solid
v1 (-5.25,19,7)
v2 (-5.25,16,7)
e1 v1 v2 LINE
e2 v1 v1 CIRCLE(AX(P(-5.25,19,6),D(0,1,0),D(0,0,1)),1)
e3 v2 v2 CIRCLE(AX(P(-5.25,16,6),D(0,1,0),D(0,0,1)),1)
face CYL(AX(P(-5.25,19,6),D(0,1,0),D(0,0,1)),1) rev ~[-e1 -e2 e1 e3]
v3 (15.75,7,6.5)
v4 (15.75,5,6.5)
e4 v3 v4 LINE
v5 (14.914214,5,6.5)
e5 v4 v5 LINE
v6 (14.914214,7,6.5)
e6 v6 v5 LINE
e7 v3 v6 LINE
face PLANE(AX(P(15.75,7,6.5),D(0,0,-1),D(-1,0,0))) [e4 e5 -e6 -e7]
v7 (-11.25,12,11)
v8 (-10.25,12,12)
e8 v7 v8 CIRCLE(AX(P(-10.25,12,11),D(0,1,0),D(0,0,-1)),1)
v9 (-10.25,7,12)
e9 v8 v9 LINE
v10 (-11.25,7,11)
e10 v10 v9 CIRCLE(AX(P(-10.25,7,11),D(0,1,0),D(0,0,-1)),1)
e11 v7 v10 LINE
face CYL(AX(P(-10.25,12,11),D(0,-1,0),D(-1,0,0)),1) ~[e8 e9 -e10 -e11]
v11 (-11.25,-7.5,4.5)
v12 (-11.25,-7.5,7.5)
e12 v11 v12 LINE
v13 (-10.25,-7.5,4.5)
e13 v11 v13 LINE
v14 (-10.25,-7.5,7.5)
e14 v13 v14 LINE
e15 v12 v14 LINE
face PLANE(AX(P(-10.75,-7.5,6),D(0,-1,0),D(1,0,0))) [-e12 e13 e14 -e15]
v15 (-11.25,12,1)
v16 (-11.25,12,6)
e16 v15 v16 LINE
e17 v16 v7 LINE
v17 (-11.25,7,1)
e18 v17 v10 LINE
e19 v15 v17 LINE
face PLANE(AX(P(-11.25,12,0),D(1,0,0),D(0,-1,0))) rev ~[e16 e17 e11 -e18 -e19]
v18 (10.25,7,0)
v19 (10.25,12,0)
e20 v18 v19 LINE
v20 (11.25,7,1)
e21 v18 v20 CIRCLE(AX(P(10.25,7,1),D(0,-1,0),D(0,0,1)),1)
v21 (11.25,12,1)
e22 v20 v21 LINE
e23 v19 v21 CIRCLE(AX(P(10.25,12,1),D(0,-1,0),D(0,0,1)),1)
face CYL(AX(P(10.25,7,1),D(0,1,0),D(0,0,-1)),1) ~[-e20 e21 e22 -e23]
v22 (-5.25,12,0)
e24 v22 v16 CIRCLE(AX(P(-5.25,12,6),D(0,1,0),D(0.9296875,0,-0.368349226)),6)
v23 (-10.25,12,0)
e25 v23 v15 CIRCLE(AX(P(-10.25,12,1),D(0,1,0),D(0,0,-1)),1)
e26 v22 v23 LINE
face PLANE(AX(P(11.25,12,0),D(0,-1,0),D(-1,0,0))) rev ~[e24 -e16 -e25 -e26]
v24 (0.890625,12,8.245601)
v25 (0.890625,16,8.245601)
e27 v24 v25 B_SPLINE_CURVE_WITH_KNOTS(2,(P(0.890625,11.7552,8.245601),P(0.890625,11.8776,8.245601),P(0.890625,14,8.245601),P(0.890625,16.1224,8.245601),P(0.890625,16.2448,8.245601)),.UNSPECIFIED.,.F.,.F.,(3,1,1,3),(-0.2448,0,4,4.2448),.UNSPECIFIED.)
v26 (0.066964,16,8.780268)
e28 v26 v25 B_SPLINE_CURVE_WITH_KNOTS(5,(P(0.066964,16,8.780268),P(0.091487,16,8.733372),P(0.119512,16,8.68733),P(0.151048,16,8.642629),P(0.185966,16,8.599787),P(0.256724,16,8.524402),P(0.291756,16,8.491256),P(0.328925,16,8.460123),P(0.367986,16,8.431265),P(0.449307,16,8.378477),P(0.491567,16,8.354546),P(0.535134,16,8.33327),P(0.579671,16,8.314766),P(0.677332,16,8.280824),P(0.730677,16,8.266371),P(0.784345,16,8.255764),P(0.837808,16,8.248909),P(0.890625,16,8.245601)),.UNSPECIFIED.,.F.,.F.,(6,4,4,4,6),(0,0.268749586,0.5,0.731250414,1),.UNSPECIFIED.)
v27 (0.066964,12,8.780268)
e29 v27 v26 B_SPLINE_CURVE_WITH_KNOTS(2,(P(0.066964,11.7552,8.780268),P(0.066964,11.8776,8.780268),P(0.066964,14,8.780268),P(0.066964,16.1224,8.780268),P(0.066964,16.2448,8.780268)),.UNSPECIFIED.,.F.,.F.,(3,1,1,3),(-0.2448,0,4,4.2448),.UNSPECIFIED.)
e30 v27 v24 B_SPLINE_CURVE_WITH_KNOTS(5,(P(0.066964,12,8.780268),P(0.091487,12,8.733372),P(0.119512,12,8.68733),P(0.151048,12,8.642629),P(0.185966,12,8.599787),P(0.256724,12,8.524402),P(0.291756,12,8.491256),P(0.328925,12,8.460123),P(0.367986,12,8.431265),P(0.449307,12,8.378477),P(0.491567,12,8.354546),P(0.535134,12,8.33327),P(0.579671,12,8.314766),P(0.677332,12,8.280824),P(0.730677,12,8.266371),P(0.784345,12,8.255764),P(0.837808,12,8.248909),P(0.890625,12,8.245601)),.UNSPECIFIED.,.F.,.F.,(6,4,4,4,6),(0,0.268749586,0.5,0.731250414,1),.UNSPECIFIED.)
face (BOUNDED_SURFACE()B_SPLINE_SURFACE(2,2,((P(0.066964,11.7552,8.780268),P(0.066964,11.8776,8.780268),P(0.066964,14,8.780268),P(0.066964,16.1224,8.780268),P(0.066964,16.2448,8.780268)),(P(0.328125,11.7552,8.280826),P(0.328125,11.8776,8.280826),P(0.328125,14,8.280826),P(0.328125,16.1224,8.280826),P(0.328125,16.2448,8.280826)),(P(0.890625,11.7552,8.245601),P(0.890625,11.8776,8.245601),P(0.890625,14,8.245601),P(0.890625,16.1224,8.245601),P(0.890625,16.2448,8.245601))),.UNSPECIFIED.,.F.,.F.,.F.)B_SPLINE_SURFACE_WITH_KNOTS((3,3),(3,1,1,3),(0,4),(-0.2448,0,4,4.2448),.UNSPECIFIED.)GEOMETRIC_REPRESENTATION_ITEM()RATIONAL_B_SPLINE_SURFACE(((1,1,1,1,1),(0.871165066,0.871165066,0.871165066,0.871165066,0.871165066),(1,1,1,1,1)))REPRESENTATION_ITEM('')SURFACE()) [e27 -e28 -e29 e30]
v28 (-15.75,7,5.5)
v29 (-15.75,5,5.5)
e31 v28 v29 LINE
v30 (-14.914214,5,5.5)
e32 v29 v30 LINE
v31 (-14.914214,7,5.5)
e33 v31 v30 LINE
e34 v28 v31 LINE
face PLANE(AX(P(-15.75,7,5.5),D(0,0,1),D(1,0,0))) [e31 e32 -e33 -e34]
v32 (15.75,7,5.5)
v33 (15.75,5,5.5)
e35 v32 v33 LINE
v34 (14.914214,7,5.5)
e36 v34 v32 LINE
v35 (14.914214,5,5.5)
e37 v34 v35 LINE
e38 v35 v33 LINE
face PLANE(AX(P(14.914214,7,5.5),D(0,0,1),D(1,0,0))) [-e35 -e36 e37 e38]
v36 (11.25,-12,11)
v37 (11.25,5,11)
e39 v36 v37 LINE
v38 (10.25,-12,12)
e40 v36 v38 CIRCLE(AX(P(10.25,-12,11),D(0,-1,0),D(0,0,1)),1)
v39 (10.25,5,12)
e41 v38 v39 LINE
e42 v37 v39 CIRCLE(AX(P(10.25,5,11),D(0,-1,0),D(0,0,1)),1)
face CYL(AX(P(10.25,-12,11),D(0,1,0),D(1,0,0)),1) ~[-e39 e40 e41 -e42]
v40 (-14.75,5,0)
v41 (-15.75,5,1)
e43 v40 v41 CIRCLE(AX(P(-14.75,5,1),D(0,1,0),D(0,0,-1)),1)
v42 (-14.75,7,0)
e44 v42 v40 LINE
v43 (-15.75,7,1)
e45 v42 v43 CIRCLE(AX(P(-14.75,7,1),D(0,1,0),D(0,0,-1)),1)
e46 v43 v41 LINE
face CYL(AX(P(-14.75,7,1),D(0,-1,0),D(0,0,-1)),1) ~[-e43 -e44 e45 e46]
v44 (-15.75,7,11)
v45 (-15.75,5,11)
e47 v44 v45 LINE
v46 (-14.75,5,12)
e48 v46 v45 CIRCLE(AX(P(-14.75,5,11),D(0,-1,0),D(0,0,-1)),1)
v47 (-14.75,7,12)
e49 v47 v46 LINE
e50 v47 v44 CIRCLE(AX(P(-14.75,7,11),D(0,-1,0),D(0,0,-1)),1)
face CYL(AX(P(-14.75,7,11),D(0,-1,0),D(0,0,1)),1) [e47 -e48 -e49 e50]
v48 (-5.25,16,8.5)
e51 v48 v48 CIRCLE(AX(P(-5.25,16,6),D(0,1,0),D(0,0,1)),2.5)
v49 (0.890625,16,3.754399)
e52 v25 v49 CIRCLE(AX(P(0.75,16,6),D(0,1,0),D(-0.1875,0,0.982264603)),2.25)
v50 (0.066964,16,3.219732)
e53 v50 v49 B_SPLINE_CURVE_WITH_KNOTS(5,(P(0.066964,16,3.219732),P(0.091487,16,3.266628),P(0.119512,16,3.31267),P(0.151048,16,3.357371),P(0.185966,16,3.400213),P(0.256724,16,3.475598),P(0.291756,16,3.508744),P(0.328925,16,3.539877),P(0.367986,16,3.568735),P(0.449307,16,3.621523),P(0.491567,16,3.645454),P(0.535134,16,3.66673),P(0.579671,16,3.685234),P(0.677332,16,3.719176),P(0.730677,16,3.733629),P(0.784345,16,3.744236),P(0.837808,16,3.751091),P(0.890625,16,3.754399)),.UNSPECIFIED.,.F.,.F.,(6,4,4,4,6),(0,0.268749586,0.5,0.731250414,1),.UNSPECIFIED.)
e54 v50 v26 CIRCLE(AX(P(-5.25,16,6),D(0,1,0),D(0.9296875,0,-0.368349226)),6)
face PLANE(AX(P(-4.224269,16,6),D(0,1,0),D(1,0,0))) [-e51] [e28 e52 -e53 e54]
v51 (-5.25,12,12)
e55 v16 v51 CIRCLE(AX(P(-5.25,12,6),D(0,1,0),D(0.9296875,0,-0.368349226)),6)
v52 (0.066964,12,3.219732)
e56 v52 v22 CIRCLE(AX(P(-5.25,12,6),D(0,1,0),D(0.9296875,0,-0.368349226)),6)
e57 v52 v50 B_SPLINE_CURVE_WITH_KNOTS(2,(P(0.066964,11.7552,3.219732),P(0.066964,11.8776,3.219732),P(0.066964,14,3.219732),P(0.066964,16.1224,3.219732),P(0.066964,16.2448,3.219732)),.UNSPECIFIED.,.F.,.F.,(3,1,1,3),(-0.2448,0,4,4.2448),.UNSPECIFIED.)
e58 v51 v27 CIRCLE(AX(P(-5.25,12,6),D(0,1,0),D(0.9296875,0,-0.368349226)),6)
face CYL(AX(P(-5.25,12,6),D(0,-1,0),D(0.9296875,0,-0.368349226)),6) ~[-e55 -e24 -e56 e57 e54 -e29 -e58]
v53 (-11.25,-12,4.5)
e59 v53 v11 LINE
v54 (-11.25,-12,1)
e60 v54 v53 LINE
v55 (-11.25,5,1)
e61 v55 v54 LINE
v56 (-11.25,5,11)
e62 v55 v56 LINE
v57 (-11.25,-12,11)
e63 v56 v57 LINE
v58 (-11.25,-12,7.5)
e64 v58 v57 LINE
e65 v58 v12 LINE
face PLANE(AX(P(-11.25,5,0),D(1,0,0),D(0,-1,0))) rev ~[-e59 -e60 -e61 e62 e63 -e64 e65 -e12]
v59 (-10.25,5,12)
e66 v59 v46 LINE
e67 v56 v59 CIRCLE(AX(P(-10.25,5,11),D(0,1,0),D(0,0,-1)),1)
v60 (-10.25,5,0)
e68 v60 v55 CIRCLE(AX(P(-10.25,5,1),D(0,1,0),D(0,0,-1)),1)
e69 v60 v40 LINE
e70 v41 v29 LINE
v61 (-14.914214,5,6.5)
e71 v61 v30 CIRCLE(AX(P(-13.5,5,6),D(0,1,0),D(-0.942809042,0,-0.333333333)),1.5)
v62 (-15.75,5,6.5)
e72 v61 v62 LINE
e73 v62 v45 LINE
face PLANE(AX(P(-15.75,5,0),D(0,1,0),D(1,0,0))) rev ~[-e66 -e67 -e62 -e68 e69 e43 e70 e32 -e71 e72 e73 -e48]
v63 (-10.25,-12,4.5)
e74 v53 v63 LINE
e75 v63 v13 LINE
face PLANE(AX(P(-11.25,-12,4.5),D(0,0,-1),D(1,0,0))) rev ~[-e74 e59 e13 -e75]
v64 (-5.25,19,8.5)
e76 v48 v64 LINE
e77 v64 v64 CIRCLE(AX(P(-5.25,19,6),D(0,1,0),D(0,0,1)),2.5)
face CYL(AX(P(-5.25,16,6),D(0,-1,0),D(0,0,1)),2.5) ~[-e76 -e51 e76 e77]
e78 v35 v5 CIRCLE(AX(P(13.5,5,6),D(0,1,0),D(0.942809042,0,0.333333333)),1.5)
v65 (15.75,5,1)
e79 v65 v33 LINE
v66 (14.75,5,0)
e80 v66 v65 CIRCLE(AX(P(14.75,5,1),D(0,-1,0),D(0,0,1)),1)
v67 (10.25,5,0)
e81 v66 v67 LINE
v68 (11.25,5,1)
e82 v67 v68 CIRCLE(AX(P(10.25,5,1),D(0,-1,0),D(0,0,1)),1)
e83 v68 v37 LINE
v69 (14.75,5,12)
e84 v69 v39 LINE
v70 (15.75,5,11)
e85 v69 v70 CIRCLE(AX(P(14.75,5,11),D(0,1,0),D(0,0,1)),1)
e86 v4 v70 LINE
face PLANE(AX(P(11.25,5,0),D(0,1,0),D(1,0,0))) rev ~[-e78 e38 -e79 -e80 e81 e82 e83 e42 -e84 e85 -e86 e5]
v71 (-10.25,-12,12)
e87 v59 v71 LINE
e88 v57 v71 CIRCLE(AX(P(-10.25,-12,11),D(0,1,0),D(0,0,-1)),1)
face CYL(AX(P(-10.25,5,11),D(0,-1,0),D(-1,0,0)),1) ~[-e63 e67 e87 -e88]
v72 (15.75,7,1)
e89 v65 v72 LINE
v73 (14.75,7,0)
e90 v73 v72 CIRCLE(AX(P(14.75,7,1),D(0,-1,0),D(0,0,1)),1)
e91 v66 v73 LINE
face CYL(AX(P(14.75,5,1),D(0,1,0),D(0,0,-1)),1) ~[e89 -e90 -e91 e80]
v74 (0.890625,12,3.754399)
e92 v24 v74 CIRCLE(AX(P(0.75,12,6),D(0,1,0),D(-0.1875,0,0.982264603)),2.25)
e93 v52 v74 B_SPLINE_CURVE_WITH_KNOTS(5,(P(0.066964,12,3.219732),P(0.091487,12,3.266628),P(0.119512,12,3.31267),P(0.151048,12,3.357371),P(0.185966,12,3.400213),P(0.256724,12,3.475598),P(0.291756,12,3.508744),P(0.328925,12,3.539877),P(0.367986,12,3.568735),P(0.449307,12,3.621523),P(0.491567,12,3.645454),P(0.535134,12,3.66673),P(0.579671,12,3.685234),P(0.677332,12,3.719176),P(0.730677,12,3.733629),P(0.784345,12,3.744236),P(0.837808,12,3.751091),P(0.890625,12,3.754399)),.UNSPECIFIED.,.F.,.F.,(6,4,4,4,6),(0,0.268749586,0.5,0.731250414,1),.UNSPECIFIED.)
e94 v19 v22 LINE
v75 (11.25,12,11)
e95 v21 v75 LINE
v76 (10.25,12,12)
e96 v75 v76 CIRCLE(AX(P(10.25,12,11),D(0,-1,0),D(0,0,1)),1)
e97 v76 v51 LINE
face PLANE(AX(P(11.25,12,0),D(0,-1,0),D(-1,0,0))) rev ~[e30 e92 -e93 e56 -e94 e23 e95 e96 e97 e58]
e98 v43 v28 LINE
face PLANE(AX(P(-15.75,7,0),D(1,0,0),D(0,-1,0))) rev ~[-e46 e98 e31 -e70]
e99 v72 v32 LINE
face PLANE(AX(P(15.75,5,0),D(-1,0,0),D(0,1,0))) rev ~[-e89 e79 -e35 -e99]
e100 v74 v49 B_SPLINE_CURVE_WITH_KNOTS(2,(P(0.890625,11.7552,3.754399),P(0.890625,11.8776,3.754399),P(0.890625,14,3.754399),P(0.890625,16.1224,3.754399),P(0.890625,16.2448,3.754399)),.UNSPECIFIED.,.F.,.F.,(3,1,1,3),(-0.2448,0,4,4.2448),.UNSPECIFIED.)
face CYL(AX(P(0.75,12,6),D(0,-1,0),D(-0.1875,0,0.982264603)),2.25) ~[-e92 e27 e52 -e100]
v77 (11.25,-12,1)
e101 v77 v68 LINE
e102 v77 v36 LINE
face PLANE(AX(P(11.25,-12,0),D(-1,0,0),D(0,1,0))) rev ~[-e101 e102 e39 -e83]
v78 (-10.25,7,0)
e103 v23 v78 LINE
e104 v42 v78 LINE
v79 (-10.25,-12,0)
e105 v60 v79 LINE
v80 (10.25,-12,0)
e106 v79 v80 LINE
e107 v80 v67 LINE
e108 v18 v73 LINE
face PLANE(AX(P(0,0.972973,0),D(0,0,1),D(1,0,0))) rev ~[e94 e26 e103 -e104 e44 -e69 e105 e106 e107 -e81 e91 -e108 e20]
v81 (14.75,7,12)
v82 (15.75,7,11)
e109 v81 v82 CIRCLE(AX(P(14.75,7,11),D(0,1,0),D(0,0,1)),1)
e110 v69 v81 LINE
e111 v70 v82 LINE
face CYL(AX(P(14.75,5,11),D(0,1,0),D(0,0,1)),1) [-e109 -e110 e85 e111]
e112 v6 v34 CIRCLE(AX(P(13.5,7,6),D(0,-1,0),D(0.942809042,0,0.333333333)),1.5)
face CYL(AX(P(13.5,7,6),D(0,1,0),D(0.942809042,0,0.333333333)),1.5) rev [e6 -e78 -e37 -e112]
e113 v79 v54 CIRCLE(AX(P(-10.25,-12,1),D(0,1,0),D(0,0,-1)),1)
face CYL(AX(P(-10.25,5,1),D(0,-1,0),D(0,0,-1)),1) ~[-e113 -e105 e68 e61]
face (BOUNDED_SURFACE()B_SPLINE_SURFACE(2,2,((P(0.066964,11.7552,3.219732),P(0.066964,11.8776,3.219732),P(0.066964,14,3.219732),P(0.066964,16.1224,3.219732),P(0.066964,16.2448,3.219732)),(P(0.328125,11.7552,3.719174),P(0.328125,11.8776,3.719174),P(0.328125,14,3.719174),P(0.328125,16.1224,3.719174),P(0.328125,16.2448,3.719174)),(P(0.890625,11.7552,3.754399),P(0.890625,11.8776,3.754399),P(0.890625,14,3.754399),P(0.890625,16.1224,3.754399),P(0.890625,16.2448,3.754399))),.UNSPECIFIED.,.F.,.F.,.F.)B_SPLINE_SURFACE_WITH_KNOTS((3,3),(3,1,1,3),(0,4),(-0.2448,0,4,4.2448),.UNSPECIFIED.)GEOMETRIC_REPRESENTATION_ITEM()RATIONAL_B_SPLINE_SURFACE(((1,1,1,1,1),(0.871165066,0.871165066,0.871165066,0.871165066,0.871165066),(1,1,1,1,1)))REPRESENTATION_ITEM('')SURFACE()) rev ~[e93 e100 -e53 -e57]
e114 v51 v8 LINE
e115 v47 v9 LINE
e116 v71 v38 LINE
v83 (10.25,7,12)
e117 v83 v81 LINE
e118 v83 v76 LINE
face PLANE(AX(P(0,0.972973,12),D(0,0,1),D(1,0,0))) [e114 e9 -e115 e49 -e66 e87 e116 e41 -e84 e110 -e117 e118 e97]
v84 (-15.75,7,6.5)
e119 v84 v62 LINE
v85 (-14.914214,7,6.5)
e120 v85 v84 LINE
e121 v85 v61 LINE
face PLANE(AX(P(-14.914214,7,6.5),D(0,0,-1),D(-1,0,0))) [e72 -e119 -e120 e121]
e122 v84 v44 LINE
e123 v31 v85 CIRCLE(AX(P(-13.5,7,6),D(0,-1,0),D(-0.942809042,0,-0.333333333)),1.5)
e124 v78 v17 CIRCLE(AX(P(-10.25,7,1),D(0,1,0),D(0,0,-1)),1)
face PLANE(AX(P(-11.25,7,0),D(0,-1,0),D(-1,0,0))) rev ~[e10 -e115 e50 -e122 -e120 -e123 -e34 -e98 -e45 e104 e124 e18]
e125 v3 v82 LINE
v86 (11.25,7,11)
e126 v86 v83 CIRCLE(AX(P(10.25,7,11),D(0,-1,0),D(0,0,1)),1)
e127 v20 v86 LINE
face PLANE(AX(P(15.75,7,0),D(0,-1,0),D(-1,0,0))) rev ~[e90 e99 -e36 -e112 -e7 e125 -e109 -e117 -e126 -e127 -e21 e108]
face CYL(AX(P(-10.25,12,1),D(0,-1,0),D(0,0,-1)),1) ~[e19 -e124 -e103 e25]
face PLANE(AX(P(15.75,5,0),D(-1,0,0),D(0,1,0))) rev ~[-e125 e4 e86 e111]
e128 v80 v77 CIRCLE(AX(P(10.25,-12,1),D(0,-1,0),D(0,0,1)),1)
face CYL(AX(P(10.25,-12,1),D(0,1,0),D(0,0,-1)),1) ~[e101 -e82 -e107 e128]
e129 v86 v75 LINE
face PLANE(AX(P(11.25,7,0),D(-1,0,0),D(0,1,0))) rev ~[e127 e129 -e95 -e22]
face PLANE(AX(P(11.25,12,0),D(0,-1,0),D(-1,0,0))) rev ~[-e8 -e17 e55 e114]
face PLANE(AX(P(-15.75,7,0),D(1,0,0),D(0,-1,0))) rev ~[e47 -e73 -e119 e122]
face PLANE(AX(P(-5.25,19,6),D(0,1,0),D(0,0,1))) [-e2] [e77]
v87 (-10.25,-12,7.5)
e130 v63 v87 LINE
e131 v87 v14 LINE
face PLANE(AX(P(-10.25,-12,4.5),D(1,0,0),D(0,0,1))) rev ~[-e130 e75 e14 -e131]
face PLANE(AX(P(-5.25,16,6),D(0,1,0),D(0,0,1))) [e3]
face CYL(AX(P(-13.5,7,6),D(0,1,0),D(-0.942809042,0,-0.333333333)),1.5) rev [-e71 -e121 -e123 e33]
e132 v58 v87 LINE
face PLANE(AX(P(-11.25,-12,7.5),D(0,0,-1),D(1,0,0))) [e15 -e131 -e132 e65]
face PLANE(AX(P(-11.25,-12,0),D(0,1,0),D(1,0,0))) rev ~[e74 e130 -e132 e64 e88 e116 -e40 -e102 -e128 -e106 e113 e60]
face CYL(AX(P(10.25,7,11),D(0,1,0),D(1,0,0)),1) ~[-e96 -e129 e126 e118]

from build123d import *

# Parameters (mm, degrees)
EXTRUDE_1_DEPTH     = 12
EXTRUDE_2_DEPTH     = 4
CUT_EXTRUDE_1_DEPTH = 28.441984258
SKETCH_4_R          = 2.5
EXTRUDE_3_DEPTH     = 3
FILLET_1_R          = 1
FILLET_2_R          = 1
FILLET_3_R          = 1
SKETCH_5_R          = 1
CUT_EXTRUDE_2_DEPTH = 3
SKETCH_6_W          = 1
SKETCH_6_H          = 3
CUT_EXTRUDE_3_DEPTH = 4.5


with BuildPart() as part:
    # 草图1 → 凸台-拉伸1 (new body)
    with BuildSketch(Plane.XY):
        Polygon((-11.25, -12), (11.25, -12), (11.25, 5), (15.75, 5), (15.75, 7), (11.25, 7), (11.25, 12), (-11.25, 12), (-11.25, 7), (-15.75, 7), (-15.75, 5), (-11.25, 5), align=None)
    extrude(amount=EXTRUDE_1_DEPTH)

    # 草图2 → 凸台-拉伸2 (add)
    with BuildSketch(Plane(origin=(0, 12, 0), x_dir=(1, 0, 0), z_dir=(0, 1, 0))):
        with BuildLine():
            ThreePointArc((0.328125, -3.789904644), (-11.25, -6), (0.328125, -8.210095356))
            ThreePointArc((0.328125, -8.210095356), (3, -6), (0.328125, -3.789904644))
        make_face()
    extrude(amount=EXTRUDE_2_DEPTH)

    # 草图3 → 切除-拉伸1 (cut, through all)
    with BuildSketch(Plane(origin=(0, 7, 0), x_dir=(1, 0, 0), z_dir=(0, 1, 0))):
        with BuildLine():
            Line((15.75, -6.5), (14.914213562, -6.5))
            ThreePointArc((14.914213562, -6.5), (12, -6), (14.914213562, -5.5))
            Line((14.914213562, -5.5), (15.75, -5.5))
            Line((15.75, -5.5), (15.75, -6.5))
        make_face()
        with BuildLine():
            Line((-15.75, -5.5), (-14.914213562, -5.5))
            ThreePointArc((-14.914213562, -5.5), (-12, -6), (-14.914213562, -6.5))
            Line((-14.914213562, -6.5), (-15.75, -6.5))
            Line((-15.75, -6.5), (-15.75, -5.5))
        make_face()
    extrude(amount=-CUT_EXTRUDE_1_DEPTH, mode=Mode.SUBTRACT)

    # 草图4 → 凸台-拉伸3 (add)
    with BuildSketch(Plane(origin=(0, 16, 0), x_dir=(1, 0, 0), z_dir=(0, 1, 0))):
        with Locations(Location((-5.25, -6, 0), (0, 0, 270))):
            Circle(SKETCH_4_R)
    extrude(amount=EXTRUDE_3_DEPTH)

    # 圆角1
    fillet_1_edges = [part.edges().sort_by_distance(p)[0] for p in [
        (15.75, 6, 0),
        (-15.75, 6, 0),
        (-15.75, 6, 12),
        (15.75, 6, 12),
    ]]
    fillet(fillet_1_edges, radius=FILLET_1_R)

    # 圆角2
    fillet_2_edges = [part.edges().sort_by_distance(p)[0] for p in [
        (-11.25, 9.5, 12),
        (11.25, -3.5, 0),
        (-11.25, -3.5, 0),
        (-11.25, 9.5, 0),
        (11.25, 9.5, 0),
        (-11.25, -3.5, 12),
        (11.25, -3.5, 12),
        (11.25, 9.5, 12),
    ]]
    fillet(fillet_2_edges, radius=FILLET_2_R)

    # 圆角3
    fillet_3_edges = [part.edges().sort_by_distance(p)[0] for p in [
        (0.328125, 14, 8.210095356),
        (0.328125, 14, 3.789904644),
    ]]
    fillet(fillet_3_edges, radius=FILLET_3_R)

    # 草图5 → 切除-拉伸2 (cut)
    with BuildSketch(Plane(origin=(0, 19, 0), x_dir=(1, 0, 0), z_dir=(0, 1, 0))):
        with Locations(Location((-5.25, -6, 0), (0, 0, 270))):
            Circle(SKETCH_5_R)
    extrude(amount=-CUT_EXTRUDE_2_DEPTH, mode=Mode.SUBTRACT)

    # 草图6 → 切除-拉伸3 (cut)
    with BuildSketch(Plane.XZ.offset(12)):
        with Locations((-10.75, 6)):
            Rectangle(SKETCH_6_W, SKETCH_6_H)
    extrude(amount=-CUT_EXTRUDE_3_DEPTH, mode=Mode.SUBTRACT)


solid = part.part
